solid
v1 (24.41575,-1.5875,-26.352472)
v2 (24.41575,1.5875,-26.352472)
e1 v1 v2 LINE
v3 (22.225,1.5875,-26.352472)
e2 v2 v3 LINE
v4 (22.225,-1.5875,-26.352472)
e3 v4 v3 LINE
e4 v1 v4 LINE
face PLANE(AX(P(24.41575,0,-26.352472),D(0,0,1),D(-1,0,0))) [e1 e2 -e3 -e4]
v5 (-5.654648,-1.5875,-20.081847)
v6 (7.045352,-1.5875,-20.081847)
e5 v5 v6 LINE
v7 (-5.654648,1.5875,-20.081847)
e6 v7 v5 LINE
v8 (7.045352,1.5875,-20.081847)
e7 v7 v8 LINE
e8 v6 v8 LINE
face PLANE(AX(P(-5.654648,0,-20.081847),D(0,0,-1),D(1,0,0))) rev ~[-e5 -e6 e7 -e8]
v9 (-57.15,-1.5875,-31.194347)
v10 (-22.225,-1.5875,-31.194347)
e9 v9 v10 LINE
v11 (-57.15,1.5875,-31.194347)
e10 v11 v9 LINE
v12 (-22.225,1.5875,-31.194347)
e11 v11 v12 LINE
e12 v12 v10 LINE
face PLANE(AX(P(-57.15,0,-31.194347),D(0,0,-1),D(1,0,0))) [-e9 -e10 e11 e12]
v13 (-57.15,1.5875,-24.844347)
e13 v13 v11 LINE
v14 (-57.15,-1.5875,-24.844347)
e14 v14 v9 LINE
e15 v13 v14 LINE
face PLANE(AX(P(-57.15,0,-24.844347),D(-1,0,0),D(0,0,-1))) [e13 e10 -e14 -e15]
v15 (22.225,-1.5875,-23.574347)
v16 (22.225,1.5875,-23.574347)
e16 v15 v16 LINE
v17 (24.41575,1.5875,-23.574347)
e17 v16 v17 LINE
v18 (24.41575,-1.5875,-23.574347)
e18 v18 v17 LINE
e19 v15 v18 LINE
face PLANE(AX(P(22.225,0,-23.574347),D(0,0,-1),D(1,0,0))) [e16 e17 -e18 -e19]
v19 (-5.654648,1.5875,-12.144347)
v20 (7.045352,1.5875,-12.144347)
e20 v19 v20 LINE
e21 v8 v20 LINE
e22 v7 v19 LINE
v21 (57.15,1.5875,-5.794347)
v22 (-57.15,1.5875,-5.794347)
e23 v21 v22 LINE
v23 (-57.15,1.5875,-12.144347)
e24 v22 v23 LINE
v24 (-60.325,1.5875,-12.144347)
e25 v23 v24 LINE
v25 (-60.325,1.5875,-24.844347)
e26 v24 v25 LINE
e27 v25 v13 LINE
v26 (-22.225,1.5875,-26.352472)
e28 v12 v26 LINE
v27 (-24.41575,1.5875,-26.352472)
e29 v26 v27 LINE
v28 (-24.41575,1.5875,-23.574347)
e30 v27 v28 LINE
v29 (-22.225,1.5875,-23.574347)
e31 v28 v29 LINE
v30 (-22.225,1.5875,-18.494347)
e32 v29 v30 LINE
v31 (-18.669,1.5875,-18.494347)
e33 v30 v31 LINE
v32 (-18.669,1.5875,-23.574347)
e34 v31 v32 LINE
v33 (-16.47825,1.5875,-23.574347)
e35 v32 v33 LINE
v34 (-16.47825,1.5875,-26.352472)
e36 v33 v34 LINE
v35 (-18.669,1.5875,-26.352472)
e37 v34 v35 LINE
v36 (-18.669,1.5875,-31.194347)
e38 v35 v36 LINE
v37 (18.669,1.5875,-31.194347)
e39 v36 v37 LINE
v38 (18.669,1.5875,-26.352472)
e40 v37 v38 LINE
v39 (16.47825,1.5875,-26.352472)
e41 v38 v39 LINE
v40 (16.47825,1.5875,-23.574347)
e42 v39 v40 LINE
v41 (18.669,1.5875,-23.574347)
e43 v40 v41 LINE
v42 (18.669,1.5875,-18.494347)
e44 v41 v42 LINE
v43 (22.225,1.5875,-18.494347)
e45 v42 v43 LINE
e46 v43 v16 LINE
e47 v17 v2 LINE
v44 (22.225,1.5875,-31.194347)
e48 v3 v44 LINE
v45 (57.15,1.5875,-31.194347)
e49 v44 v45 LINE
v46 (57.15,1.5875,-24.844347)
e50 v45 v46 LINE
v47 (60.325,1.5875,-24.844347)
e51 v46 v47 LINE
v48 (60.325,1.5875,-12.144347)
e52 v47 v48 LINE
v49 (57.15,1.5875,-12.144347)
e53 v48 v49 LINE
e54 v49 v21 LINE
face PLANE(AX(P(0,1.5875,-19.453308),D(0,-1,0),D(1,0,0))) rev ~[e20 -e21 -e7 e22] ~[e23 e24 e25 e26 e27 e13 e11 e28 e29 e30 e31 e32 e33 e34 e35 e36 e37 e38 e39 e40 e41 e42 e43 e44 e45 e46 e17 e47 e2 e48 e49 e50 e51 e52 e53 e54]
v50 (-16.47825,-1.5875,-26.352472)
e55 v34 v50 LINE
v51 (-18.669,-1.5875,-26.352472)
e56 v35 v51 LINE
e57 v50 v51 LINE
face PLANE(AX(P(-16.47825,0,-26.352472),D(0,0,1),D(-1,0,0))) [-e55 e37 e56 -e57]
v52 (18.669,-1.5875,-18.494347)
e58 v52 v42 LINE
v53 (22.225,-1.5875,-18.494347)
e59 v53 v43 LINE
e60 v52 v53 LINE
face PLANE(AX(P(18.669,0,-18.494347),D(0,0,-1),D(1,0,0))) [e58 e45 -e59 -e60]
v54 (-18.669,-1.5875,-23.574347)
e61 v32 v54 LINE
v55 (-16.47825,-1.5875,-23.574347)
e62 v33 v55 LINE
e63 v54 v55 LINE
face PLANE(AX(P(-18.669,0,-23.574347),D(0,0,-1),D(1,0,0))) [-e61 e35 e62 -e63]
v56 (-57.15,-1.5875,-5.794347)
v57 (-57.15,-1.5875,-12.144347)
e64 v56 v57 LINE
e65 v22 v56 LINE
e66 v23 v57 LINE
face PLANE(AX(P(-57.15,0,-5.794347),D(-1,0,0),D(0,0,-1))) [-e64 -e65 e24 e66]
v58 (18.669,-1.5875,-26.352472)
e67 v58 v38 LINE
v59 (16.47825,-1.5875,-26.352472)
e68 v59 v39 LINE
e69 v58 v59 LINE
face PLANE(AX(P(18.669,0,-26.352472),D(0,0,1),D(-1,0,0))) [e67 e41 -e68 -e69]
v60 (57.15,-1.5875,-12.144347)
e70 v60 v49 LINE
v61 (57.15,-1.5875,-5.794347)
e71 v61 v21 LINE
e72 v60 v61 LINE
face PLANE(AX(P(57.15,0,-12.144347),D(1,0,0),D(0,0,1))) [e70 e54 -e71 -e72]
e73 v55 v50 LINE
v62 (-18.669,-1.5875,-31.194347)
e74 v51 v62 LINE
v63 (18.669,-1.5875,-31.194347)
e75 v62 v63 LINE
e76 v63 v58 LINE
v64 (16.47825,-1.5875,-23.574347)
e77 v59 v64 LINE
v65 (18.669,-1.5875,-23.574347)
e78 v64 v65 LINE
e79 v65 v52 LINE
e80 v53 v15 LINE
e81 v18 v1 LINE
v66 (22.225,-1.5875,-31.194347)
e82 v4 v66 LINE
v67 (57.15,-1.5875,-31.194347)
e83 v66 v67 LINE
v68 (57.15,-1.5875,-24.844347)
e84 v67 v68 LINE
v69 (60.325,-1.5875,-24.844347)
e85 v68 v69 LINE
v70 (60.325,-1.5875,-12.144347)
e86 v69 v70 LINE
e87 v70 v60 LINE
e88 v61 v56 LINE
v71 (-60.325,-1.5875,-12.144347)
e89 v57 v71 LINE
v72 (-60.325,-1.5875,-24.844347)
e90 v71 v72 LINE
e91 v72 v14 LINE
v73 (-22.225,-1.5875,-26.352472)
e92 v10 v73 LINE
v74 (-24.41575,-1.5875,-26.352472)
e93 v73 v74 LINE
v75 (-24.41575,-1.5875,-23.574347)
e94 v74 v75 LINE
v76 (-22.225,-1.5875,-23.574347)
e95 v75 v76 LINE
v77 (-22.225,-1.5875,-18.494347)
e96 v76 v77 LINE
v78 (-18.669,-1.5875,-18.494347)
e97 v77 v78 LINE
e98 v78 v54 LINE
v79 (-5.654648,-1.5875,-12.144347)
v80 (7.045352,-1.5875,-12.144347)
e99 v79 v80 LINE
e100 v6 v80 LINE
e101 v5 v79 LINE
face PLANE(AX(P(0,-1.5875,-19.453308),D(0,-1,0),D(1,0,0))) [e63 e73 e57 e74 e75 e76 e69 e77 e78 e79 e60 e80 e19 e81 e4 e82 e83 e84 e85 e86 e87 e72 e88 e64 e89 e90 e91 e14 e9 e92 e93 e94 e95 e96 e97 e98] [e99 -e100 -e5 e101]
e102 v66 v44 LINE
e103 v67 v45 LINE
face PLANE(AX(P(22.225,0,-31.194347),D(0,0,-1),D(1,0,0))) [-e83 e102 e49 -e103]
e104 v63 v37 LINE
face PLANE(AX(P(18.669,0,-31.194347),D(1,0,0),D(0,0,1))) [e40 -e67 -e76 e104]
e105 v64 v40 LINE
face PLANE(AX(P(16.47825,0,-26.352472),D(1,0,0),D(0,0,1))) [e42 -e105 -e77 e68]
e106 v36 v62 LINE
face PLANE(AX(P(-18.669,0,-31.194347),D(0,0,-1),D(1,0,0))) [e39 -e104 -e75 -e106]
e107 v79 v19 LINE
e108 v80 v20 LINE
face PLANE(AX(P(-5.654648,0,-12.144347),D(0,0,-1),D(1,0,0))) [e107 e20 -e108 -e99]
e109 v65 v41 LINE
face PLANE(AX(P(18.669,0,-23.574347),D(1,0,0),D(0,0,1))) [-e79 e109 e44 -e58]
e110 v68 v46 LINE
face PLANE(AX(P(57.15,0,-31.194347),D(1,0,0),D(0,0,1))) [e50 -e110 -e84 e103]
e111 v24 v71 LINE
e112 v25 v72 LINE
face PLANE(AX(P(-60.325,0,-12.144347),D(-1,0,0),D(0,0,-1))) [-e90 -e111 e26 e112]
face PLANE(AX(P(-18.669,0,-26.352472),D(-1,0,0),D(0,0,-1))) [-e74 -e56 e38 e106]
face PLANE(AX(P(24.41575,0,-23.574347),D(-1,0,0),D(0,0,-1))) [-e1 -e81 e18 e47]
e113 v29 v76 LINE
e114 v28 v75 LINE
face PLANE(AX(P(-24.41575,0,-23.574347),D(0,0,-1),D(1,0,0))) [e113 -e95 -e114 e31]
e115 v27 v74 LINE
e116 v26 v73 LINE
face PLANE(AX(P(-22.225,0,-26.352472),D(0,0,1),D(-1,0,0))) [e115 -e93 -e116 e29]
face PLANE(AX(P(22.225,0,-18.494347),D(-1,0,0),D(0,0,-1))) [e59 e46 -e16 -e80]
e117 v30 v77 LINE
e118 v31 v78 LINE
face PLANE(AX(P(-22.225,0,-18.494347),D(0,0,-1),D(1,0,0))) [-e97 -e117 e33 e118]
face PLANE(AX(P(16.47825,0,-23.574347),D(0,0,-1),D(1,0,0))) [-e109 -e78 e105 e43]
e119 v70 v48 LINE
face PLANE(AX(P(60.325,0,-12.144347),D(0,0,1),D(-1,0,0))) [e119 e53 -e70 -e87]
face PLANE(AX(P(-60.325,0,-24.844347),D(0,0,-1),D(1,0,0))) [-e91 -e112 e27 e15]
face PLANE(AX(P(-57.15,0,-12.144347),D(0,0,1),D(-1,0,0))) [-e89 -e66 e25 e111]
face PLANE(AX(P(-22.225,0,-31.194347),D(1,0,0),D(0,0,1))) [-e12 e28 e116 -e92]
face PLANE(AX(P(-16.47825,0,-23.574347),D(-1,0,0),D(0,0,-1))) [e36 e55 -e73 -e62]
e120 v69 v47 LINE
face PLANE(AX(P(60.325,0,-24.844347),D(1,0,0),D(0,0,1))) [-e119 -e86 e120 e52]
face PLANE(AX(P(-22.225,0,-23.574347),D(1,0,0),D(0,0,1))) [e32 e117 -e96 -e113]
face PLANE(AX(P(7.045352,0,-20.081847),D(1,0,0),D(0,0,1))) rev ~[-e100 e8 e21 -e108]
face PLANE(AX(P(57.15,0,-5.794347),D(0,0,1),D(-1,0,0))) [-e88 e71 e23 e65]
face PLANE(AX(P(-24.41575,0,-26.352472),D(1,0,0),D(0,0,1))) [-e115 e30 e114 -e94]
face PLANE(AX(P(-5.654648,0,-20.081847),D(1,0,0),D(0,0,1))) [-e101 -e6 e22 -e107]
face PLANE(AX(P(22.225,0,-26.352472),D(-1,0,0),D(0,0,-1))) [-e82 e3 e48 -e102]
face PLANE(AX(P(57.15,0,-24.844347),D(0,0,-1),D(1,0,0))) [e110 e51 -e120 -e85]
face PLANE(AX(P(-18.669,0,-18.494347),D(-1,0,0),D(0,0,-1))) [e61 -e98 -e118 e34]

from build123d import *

# Parameters (mm, degrees)
F0_W     = 12.7
F0_H     = 7.9375
F1_DEPTH = 1.5875


with BuildPart() as f1:
    # F0 (on Front) → F1 (new body, symmetric)
    with BuildSketch(Plane.XZ):
        Polygon((57.15, -5.794347), (-57.15, -5.794347), (-57.15, -12.144347), (-60.325, -12.144347), (-60.325, -24.844347), (-57.15, -24.844347), (-57.15, -31.194347), (-22.225, -31.194347), (-22.225, -26.352472), (-24.41575, -26.352472), (-24.41575, -23.574347), (-22.225, -23.574347), (-22.225, -18.494347), (-18.669, -18.494347), (-18.669, -23.574347), (-16.47825, -23.574347), (-16.47825, -26.352472), (-18.669, -26.352472), (-18.669, -31.194347), (18.669, -31.194347), (18.669, -26.352472), (16.47825, -26.352472), (16.47825, -23.574347), (18.669, -23.574347), (18.669, -18.494347), (22.225, -18.494347), (22.225, -23.574347), (24.41575, -23.574347), (24.41575, -26.352472), (22.225, -26.352472), (22.225, -31.194347), (57.15, -31.194347), (57.15, -24.844347), (60.325, -24.844347), (60.325, -12.144347), (57.15, -12.144347), align=None)
        with Locations((0.695352, -16.113097)):
            Rectangle(F0_W, F0_H, mode=Mode.SUBTRACT)
    extrude(amount=F1_DEPTH, both=True)


solid = f1.part
